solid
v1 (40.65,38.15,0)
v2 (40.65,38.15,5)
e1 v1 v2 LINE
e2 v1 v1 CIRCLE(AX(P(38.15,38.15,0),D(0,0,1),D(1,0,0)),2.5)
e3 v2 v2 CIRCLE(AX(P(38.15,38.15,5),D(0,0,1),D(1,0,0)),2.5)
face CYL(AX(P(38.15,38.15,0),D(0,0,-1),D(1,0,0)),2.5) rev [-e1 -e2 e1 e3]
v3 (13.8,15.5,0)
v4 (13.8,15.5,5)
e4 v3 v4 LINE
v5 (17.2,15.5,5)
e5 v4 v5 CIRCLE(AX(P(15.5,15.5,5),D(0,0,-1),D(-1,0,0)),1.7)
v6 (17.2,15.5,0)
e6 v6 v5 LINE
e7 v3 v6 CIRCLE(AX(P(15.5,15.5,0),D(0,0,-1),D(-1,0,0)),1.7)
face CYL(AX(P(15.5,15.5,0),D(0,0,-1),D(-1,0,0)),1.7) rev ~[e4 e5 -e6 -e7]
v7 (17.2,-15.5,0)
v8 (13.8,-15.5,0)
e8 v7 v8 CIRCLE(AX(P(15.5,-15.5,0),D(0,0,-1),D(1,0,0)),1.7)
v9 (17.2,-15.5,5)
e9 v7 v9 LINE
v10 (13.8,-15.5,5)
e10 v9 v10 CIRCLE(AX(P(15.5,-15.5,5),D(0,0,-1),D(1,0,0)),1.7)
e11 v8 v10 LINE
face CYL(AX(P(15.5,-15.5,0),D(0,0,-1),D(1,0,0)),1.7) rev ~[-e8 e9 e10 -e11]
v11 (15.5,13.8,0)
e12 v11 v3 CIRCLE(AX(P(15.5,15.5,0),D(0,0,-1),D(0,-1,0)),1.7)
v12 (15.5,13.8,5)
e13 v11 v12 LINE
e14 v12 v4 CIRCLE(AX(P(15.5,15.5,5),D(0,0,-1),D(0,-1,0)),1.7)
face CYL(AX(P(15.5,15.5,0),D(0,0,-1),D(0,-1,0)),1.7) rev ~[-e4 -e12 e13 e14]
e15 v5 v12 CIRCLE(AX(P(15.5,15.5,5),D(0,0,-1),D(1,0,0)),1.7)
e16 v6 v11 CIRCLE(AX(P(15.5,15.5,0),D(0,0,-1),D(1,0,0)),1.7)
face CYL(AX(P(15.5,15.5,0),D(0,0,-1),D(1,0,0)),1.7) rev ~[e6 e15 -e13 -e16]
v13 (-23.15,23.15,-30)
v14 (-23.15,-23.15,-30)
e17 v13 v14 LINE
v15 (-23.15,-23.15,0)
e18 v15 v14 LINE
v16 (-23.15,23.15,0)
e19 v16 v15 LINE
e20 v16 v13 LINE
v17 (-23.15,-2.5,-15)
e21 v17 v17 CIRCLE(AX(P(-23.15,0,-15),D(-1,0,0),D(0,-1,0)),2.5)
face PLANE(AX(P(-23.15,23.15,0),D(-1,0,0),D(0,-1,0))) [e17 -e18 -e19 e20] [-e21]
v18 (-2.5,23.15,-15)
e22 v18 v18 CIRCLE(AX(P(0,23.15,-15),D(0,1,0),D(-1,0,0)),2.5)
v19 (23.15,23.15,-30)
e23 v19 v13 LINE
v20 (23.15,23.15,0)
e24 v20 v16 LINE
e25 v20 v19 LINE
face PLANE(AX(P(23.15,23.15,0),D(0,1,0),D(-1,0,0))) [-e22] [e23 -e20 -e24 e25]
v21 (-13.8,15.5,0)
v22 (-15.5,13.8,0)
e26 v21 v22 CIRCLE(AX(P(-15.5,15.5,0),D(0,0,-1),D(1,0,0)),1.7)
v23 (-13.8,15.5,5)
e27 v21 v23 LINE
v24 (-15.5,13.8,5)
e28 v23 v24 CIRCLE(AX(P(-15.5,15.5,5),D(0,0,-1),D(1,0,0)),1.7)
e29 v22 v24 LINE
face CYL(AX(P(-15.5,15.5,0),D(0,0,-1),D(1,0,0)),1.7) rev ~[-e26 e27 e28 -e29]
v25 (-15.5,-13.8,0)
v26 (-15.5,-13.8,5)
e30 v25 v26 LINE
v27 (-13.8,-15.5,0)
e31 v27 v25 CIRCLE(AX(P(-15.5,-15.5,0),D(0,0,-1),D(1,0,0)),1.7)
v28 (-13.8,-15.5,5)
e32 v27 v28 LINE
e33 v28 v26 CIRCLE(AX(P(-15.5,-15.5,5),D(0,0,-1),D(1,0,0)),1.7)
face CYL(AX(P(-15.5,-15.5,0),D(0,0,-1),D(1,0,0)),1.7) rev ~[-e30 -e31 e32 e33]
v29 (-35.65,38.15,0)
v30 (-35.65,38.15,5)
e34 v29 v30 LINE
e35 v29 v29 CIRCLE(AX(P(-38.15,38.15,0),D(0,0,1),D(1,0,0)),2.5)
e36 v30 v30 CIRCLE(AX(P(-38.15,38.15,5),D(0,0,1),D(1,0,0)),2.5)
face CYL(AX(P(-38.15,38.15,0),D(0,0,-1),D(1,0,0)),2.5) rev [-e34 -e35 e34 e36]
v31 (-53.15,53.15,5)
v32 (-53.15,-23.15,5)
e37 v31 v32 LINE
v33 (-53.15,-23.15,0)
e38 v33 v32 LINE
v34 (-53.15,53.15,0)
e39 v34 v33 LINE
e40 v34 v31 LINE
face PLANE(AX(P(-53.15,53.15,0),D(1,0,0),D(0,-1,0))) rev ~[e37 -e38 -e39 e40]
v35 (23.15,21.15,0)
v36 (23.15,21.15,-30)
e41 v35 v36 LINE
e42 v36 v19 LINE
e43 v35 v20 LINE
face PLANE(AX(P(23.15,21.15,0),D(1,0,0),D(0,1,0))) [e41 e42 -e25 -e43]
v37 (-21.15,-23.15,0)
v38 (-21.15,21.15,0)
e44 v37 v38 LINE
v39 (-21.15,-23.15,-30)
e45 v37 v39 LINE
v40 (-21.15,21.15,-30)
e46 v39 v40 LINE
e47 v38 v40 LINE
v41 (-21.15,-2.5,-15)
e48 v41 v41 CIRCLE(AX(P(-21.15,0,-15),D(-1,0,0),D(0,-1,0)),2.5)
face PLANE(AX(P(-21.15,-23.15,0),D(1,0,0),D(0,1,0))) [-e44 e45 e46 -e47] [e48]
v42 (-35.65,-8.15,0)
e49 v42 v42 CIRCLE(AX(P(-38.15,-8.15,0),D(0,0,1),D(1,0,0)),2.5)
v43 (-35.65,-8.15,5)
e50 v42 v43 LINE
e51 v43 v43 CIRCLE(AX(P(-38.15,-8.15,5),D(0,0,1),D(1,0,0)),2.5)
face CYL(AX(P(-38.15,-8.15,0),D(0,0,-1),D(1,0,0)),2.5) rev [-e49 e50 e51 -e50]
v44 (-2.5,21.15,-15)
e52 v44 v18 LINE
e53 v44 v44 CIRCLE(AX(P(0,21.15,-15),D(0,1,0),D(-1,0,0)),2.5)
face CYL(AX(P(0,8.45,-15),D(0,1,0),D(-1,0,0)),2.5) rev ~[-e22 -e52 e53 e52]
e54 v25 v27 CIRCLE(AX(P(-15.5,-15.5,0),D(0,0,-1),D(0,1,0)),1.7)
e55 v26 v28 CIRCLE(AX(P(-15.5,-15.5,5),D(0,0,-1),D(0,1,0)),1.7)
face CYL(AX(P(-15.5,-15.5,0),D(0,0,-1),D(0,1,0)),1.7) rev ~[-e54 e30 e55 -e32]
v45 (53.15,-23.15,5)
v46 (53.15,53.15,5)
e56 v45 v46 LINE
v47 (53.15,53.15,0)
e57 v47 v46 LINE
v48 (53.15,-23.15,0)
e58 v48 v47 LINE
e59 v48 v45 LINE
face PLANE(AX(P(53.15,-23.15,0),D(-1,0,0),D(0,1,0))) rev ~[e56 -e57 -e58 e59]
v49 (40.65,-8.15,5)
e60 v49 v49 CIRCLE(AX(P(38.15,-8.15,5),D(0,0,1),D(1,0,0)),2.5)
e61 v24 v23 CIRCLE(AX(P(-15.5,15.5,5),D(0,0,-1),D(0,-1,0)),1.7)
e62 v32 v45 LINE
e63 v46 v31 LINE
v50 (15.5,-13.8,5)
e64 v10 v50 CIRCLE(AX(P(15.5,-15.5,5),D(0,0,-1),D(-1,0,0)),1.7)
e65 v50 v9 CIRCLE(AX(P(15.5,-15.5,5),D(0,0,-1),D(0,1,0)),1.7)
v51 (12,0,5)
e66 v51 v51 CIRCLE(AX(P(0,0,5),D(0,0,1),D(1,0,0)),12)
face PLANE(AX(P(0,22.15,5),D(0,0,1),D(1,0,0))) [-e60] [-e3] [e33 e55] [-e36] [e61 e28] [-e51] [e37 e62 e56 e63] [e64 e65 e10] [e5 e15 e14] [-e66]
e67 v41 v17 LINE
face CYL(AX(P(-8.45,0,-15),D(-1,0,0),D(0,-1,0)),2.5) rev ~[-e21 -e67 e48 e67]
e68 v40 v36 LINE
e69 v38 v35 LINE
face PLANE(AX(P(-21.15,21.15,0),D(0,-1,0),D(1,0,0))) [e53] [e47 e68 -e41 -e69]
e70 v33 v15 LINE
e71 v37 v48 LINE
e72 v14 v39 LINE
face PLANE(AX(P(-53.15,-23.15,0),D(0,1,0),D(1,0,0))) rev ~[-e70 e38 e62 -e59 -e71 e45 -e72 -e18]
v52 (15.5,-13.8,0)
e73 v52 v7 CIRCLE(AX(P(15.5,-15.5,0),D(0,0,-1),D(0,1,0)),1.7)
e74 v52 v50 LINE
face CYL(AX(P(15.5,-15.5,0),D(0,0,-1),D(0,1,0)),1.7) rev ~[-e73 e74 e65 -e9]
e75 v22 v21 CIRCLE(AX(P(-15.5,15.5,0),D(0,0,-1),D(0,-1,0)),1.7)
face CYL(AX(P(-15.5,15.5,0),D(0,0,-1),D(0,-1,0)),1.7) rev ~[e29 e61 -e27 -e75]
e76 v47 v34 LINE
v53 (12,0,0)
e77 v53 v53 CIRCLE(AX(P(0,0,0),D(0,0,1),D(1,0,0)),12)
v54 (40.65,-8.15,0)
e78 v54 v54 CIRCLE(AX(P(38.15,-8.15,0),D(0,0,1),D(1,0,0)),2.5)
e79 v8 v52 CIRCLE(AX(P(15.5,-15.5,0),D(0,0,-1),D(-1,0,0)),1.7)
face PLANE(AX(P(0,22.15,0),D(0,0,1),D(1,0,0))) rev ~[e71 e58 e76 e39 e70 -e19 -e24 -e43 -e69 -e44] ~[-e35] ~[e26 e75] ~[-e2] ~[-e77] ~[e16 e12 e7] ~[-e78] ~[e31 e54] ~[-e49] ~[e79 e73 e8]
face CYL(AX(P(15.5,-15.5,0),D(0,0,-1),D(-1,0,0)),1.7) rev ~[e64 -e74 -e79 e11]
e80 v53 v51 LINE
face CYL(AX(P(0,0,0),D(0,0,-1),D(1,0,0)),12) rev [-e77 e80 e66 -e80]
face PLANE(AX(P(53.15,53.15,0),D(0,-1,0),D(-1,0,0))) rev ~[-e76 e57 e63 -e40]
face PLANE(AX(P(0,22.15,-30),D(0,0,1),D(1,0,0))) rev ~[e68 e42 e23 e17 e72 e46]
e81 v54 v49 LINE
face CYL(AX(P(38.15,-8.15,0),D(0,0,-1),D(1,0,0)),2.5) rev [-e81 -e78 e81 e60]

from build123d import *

# Parameters (mm, degrees)
F0_W           = 42.3
F0_H           = 42.3
F0_R           = 12
F0_R_2         = 2.5
F0_H_2         = 2
F1_DEPTH       = 5
F2_DEPTH       = 30
F6_D           = 5
F6_DEPTH       = 12.7
F6_TIP         = 1.5021515476
F6_ON_F5_D     = 5
F6_ON_F5_DEPTH = 12.7
F6_ON_F5_TIP   = 1.5021515476


with BuildPart() as f1:
    # F0 (on Top) → F1 (new body)
    with BuildSketch(Plane.XY):
        Polygon((-21.15, 21.15), (21.15, 21.15), (23.15, 21.15), (23.15, 23.15), (-23.15, 23.15), (-23.15, 21.15), align=None)
        Rectangle(F0_W, F0_H)
        with BuildLine():
            ThreePointArc((-15.5, 13.8), (-16.702081528, 16.702081528), (-13.8, 15.5))
            Line((-13.8, 15.5), (13.8, 15.5))
            ThreePointArc((13.8, 15.5), (15.5, 17.2), (17.2, 15.5))
            ThreePointArc((17.2, 15.5), (16.702081528, 14.297918472), (15.5, 13.8))
            Line((15.5, 13.8), (15.5, -13.8))
            ThreePointArc((15.5, -13.8), (16.702081528, -14.297918472), (17.2, -15.5))
            ThreePointArc((17.2, -15.5), (15.5, -17.2), (13.8, -15.5))
            Line((13.8, -15.5), (-13.8, -15.5))
            ThreePointArc((-13.8, -15.5), (-16.702081528, -16.702081528), (-15.5, -13.8))
            Line((-15.5, -13.8), (-15.5, 13.8))
        make_face(mode=Mode.SUBTRACT)
        with BuildLine():
            Line((13.8, 15.5), (-13.8, 15.5))
            ThreePointArc((-13.8, 15.5), (-14.297918472, 14.297918472), (-15.5, 13.8))
            Line((-15.5, 13.8), (-15.5, -13.8))
            ThreePointArc((-15.5, -13.8), (-14.297918472, -14.297918472), (-13.8, -15.5))
            Line((-13.8, -15.5), (13.8, -15.5))
            ThreePointArc((13.8, -15.5), (14.297918472, -14.297918472), (15.5, -13.8))
            Line((15.5, -13.8), (15.5, 13.8))
            ThreePointArc((15.5, 13.8), (14.297918472, 14.297918472), (13.8, 15.5))
        make_face()
        Circle(F0_R, mode=Mode.SUBTRACT)
        Polygon((23.15, 23.15), (23.15, 21.15), (23.15, -23.15), (53.15, -23.15), (53.15, 53.15), (-53.15, 53.15), (-53.15, -23.15), (-23.15, -23.15), (-23.15, 21.15), (-23.15, 23.15), align=None)
        with Locations((-38.15, -8.15)):
            Circle(F0_R_2, mode=Mode.SUBTRACT)
        with Locations((38.15, -8.15)):
            Circle(F0_R_2, mode=Mode.SUBTRACT)
        with Locations((-38.15, 38.15)):
            Circle(F0_R_2, mode=Mode.SUBTRACT)
        with Locations((38.15, 38.15)):
            Circle(F0_R_2, mode=Mode.SUBTRACT)
        Polygon((-21.15, -21.15), (-21.15, 21.15), (-23.15, 21.15), (-23.15, -23.15), (-21.15, -23.15), align=None)
        Polygon((23.15, 21.15), (21.15, 21.15), (21.15, -21.15), (21.15, -23.15), (23.15, -23.15), align=None)
        with Locations((0, -22.15)):
            Rectangle(F0_W, F0_H_2)
    extrude(amount=F1_DEPTH)

    # F0 (on Top) → F2 (join)
    with BuildSketch(Plane.XY):
        Polygon((-21.15, 21.15), (21.15, 21.15), (23.15, 21.15), (23.15, 23.15), (-23.15, 23.15), (-23.15, 21.15), align=None)
        Polygon((-21.15, -21.15), (-21.15, 21.15), (-23.15, 21.15), (-23.15, -23.15), (-21.15, -23.15), align=None)
    extrude(amount=-F2_DEPTH)

    # F6
    with Locations(Plane.YZ.offset(-21.15)):
        with Locations((0, -15)):
            Hole(F6_D / 2, depth=F6_DEPTH)
            with Locations((0, 0, -(F6_DEPTH + F6_TIP / 2))):  # 118° drill point
                Cone(0, F6_D / 2, F6_TIP, mode=Mode.SUBTRACT)

    # F6 on F5
    with Locations(Plane.XZ.offset(-21.15)):
        with Locations((0, -15)):
            Hole(F6_ON_F5_D / 2, depth=F6_ON_F5_DEPTH)
            with Locations((0, 0, -(F6_ON_F5_DEPTH + F6_ON_F5_TIP / 2))):  # 118° drill point
                Cone(0, F6_ON_F5_D / 2, F6_ON_F5_TIP, mode=Mode.SUBTRACT)


solid = f1.part
